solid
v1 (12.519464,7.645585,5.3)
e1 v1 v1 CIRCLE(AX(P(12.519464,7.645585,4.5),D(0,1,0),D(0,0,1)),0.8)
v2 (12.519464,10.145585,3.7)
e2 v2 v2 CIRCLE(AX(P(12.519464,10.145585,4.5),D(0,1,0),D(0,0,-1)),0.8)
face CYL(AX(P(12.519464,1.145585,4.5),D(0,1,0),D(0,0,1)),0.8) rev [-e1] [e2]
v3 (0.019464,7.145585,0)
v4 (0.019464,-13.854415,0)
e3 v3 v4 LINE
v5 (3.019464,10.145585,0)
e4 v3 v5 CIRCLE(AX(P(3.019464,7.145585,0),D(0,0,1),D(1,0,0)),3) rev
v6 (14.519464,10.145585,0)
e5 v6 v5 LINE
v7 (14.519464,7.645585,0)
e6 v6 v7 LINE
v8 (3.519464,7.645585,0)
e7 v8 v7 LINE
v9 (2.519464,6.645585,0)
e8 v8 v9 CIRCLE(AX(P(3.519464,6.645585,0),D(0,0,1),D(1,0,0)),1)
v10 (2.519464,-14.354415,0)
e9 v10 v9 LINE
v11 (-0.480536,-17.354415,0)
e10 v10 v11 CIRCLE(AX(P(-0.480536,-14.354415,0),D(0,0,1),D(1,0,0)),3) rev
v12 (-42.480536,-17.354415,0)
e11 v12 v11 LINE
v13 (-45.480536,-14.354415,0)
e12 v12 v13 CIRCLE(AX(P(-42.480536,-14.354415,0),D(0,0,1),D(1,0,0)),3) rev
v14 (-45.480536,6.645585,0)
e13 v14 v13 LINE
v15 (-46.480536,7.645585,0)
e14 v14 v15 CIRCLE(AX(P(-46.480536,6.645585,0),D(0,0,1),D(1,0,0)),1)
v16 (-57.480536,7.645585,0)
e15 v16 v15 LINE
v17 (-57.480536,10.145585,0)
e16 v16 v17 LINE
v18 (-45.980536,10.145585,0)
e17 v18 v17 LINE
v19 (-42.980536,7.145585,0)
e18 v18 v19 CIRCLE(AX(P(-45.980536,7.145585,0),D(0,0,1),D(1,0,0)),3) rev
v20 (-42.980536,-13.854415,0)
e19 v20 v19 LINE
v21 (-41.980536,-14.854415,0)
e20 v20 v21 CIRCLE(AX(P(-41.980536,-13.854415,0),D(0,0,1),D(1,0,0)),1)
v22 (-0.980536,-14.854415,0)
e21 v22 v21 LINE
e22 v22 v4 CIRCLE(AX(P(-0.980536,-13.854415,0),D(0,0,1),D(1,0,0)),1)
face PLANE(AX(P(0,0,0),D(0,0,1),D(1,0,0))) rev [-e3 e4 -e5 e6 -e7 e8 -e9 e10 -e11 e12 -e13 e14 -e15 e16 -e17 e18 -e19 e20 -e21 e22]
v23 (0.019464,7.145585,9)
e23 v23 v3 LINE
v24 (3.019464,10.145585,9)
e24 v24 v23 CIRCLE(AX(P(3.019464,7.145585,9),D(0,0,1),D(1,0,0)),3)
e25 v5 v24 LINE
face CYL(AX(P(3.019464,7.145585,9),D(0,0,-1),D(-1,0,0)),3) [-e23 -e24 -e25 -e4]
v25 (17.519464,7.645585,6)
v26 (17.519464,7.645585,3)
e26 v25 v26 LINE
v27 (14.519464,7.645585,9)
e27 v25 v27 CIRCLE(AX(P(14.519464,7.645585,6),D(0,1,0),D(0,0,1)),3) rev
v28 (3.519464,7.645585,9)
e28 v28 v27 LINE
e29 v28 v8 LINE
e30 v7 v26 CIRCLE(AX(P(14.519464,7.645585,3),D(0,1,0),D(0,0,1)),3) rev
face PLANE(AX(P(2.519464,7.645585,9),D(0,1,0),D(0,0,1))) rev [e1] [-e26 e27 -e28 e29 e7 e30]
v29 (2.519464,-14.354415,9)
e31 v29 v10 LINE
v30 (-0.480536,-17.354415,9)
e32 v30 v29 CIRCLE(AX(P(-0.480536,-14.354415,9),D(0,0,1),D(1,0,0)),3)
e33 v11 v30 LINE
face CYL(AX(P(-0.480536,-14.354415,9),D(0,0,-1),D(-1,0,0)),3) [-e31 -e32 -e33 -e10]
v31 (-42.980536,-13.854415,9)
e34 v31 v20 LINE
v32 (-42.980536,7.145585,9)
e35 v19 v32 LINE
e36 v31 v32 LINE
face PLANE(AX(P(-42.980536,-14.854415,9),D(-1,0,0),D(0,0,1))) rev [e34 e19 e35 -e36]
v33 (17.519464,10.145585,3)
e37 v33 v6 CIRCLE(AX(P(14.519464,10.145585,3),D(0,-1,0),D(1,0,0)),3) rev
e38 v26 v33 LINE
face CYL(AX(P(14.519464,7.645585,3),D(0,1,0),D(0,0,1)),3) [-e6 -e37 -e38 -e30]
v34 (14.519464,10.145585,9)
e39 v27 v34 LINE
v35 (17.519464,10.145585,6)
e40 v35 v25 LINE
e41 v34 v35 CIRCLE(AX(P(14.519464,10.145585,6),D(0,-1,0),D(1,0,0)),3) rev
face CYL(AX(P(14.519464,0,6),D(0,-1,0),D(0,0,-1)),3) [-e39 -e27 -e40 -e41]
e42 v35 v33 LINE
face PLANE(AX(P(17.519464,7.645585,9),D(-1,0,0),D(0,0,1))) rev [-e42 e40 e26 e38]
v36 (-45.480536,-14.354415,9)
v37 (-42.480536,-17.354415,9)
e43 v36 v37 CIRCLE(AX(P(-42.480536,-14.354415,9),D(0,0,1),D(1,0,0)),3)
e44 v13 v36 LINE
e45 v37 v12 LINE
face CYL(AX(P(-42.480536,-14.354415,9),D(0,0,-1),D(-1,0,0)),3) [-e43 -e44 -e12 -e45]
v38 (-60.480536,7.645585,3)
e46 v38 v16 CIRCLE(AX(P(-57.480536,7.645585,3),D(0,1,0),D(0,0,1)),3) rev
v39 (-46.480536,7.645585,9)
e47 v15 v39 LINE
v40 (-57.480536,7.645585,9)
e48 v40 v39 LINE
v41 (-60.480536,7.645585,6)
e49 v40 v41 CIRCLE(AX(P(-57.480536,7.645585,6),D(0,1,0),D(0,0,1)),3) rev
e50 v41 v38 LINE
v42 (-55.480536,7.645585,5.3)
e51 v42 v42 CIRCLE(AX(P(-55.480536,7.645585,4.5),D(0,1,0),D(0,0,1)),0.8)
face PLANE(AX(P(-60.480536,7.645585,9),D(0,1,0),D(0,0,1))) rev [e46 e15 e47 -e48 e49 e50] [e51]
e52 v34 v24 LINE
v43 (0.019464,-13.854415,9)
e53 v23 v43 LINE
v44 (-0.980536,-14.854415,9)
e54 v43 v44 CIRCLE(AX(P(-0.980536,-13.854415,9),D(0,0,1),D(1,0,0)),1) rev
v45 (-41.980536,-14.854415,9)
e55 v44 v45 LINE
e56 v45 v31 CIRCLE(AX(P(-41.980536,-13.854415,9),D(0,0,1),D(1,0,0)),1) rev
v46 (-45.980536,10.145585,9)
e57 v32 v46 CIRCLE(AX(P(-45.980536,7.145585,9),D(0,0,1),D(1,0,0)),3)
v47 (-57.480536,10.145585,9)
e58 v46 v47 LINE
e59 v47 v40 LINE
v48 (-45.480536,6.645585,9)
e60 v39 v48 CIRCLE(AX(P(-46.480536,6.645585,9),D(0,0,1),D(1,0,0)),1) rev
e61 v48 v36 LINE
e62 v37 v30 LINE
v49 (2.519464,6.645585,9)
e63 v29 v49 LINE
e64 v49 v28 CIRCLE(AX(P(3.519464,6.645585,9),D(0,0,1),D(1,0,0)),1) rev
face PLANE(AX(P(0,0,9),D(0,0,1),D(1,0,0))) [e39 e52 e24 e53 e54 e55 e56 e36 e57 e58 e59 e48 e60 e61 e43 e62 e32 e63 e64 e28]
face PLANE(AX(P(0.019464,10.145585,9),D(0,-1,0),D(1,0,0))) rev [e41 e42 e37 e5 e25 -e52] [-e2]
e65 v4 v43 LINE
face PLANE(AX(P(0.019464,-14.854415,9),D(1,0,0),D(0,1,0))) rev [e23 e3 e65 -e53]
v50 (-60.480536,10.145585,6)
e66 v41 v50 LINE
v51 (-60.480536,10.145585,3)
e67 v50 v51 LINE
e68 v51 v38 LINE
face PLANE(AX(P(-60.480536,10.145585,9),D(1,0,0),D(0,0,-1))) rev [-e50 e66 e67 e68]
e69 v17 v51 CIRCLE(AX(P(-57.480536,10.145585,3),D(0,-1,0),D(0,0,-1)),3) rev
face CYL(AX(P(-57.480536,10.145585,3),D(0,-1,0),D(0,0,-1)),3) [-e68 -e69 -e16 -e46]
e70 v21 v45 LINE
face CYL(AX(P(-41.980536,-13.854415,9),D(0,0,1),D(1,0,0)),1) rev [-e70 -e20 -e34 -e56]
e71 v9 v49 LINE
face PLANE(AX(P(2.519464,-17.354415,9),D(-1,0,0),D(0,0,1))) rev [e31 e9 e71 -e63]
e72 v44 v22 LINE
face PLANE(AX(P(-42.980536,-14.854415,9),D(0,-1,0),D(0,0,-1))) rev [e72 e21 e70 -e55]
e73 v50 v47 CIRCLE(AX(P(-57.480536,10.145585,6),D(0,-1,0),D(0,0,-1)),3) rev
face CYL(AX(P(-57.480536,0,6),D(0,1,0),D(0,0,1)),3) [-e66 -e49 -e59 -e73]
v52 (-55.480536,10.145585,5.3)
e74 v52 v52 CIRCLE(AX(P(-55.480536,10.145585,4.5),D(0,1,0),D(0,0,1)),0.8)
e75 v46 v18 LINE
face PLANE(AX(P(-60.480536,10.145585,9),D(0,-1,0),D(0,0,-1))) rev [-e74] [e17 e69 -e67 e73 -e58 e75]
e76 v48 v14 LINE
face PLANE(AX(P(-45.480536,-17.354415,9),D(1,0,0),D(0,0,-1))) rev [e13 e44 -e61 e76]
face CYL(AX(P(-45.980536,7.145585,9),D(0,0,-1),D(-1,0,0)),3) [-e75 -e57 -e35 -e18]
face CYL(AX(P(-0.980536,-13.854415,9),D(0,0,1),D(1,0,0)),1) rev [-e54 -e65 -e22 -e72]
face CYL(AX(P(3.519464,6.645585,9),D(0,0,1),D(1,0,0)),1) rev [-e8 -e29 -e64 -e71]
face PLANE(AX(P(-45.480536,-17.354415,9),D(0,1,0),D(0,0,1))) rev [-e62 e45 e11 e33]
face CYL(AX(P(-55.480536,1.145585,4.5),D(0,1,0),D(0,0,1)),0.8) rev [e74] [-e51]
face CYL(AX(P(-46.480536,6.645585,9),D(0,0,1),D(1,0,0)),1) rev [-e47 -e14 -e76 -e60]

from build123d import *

# Parameters (mm, degrees)
BOSS_EXTRUDE1_DEPTH = 9
SKETCH2_R           = 0.8
CUT_EXTRUDE1_DEPTH  = 9
FILLET1_R           = 1
FILLET2_R           = 3
FILLET3_R           = 3


with BuildPart() as part:
    # Sketch1 → Boss-Extrude1 (new body)
    with BuildSketch(Plane.XY):
        Polygon((-45.480536292, -17.354415164), (-45.480536292, 7.645584836), (-60.480536292, 7.645584836), (-60.480536292, 10.145584836), (-42.980536292, 10.145584836), (-42.980536292, -14.854415164), (0.019463708, -14.854415164), (0.019463708, 10.145584836), (17.519463708, 10.145584836), (17.519463708, 7.645584836), (2.519463708, 7.645584836), (2.519463708, -17.354415164), align=None)
    extrude(amount=BOSS_EXTRUDE1_DEPTH)

    # Sketch2 → Cut-Extrude1 (cut)
    with BuildSketch(Plane(origin=(0, 10.145584836, 0), x_dir=(1, 0, 0), z_dir=(0, 1, 0))):
        with Locations(Location((-55.480536292, -4.5, 0), (0, 0, 270))):
            Circle(SKETCH2_R)
        with Locations(Location((12.519463708, -4.5, 0), (0, 0, 270))):
            Circle(SKETCH2_R)
    extrude(amount=-CUT_EXTRUDE1_DEPTH, mode=Mode.SUBTRACT)

    # Fillet1
    fillet1_edges = [part.edges().sort_by_distance(p)[0] for p in [
        (-45.480536292, 7.645584836, 4.5),
        (-42.980536292, -14.854415164, 4.5),
        (0.019463708, -14.854415164, 4.5),
        (2.519463708, 7.645584836, 4.5),
    ]]
    fillet(fillet1_edges, radius=FILLET1_R)

    # Fillet2
    fillet2_edges = [part.edges().sort_by_distance(p)[0] for p in [
        (-45.480536292, -17.354415164, 4.5),
        (-42.980536292, 10.145584836, 4.5),
        (0.019463708, 10.145584836, 4.5),
        (2.519463708, -17.354415164, 4.5),
    ]]
    fillet(fillet2_edges, radius=FILLET2_R)

    # Fillet3
    fillet3_edges = [part.edges().sort_by_distance(p)[0] for p in [
        (-60.480536292, 8.895584836, 0),
        (17.519463708, 8.895584836, 0),
        (17.519463708, 8.895584836, 9),
        (-60.480536292, 8.895584836, 9),
    ]]
    fillet(fillet3_edges, radius=FILLET3_R)


solid = part.part
